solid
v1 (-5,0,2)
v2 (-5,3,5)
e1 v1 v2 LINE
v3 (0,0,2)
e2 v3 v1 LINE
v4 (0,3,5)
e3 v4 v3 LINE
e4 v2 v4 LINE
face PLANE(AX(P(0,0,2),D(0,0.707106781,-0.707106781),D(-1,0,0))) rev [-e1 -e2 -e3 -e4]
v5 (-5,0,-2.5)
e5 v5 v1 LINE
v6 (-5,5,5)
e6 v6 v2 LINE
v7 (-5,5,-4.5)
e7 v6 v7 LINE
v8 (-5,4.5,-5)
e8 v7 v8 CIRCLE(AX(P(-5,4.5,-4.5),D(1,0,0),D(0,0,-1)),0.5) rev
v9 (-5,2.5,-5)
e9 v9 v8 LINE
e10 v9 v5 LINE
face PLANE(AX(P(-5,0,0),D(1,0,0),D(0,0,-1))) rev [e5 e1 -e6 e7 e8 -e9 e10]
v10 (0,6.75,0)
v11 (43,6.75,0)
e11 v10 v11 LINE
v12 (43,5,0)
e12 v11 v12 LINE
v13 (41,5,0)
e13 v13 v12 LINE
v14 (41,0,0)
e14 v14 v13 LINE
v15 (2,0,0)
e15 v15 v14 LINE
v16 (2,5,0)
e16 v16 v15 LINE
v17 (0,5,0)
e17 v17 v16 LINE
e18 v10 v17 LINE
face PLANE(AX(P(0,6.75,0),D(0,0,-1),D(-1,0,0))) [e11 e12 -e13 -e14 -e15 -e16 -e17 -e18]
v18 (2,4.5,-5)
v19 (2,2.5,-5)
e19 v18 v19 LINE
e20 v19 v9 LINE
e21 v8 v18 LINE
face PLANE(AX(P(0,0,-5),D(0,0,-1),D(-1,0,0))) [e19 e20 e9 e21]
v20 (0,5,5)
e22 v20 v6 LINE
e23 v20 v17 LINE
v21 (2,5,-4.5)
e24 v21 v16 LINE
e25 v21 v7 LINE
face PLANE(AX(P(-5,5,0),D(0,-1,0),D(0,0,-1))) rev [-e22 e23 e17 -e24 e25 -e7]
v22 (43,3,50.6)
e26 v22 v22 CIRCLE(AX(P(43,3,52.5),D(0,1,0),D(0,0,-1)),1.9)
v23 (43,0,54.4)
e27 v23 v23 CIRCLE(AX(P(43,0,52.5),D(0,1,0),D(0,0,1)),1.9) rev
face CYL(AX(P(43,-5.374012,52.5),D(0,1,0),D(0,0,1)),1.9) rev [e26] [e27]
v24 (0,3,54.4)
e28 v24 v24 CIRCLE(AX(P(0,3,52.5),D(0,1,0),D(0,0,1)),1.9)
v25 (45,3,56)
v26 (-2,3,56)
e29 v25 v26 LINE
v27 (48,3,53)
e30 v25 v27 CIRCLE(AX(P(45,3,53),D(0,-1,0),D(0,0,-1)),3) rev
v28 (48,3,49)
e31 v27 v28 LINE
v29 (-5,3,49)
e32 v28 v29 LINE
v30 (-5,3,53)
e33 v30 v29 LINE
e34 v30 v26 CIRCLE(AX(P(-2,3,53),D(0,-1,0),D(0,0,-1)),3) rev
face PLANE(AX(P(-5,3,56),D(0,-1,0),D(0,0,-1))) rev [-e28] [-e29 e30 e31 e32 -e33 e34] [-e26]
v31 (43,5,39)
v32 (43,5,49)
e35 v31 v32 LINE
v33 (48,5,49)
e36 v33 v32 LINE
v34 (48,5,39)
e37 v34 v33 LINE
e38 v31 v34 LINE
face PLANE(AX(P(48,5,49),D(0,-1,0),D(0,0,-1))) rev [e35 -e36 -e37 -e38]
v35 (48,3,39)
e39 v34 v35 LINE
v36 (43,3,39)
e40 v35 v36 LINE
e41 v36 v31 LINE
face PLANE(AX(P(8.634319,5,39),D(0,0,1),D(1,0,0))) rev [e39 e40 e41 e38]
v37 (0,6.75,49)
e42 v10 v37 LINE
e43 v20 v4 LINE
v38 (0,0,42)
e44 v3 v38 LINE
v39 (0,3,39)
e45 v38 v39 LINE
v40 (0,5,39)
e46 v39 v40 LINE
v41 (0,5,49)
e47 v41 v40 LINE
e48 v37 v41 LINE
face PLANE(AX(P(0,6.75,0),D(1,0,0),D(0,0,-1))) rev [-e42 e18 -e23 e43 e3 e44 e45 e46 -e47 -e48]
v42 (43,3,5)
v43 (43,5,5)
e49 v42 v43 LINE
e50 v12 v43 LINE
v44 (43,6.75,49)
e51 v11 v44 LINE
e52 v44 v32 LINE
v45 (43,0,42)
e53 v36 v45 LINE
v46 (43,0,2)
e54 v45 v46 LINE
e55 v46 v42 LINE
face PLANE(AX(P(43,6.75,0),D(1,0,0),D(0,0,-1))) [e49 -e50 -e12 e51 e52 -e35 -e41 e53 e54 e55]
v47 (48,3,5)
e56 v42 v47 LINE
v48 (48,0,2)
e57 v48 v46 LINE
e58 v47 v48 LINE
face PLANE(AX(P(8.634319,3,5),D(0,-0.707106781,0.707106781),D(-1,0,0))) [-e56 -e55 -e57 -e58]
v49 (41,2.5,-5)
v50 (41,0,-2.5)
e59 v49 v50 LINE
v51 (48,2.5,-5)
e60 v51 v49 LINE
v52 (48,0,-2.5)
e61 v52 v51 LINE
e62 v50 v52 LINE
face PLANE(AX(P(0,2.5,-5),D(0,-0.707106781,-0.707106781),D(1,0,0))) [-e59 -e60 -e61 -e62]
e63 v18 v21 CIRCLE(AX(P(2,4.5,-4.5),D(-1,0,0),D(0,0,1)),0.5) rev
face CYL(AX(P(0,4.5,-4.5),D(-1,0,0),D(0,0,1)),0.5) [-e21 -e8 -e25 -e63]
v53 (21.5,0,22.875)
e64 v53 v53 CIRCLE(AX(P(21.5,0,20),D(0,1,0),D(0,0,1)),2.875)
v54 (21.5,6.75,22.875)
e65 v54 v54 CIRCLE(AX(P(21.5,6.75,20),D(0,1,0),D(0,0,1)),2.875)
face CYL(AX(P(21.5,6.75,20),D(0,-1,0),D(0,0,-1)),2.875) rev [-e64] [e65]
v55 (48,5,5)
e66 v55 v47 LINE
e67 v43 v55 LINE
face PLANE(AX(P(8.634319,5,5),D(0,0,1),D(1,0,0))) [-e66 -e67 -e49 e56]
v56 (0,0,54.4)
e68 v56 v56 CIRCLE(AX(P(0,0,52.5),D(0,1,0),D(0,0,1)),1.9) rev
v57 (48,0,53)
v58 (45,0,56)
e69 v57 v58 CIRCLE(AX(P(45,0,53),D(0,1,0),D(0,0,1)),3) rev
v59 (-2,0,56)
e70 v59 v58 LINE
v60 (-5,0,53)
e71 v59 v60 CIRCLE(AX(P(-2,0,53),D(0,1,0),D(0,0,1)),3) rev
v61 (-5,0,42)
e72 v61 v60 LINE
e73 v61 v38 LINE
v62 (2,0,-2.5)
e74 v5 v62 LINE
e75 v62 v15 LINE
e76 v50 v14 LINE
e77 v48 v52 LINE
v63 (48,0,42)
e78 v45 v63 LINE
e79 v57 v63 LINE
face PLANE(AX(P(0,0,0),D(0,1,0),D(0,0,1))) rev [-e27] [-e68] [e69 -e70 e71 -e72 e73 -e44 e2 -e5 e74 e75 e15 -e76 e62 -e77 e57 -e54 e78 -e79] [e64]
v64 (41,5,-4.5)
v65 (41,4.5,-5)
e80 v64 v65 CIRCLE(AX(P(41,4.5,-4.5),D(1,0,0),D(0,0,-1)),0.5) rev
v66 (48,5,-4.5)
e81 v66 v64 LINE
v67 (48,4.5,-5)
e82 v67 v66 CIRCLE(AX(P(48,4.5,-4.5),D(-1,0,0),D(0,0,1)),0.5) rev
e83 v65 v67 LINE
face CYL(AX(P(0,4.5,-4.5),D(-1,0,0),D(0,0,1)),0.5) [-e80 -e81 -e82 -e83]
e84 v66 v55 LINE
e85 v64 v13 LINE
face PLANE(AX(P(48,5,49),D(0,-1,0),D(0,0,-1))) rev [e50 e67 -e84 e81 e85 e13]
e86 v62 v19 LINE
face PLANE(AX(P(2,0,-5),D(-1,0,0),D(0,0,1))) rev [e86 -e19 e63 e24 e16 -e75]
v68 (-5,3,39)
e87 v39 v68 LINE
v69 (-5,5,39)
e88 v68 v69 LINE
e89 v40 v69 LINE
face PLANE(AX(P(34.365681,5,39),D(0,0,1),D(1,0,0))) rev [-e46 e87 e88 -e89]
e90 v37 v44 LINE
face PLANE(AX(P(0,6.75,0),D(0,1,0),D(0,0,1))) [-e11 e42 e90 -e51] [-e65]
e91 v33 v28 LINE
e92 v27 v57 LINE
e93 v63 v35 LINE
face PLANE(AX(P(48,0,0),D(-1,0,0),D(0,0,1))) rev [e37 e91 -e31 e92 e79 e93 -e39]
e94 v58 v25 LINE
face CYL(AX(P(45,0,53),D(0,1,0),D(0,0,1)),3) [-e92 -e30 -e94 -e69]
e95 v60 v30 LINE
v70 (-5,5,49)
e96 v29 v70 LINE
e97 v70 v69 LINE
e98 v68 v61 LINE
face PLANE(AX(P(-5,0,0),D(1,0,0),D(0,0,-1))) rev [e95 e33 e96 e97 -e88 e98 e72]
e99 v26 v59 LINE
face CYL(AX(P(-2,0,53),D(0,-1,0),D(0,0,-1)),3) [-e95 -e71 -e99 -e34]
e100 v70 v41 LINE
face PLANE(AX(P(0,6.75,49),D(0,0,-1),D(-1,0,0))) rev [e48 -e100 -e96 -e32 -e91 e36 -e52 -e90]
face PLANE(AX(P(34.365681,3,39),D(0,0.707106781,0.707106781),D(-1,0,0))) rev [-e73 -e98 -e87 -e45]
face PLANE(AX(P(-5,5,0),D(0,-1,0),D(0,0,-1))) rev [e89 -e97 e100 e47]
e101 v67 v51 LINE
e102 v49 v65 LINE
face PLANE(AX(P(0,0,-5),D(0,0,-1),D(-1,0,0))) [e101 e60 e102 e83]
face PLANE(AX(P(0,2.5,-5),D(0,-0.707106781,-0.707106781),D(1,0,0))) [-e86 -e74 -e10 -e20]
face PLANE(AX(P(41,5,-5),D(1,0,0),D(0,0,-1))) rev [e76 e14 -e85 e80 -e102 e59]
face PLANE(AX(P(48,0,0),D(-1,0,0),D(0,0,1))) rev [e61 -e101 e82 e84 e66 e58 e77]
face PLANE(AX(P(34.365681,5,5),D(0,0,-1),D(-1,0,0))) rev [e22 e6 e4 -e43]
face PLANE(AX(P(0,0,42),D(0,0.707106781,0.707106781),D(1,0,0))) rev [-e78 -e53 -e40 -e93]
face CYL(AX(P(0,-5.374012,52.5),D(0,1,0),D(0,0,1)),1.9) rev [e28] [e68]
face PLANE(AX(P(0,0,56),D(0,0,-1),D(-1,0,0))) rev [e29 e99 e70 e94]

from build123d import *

# Parameters (mm, degrees)
SKETCH1_W           = 43
SKETCH1_H           = 49
SKETCH1_R           = 2.875
BOSS_EXTRUDE1_DEPTH = 6.75
SKETCH2_W           = 49
SKETCH2_H           = 5
BOSS_EXTRUDE2_DEPTH = 5
SKETCH3_W           = 49
SKETCH3_H           = 5
BOSS_EXTRUDE3_DEPTH = 5
SKETCH4_W           = 7
SKETCH4_H           = 5
BOSS_EXTRUDE4_DEPTH = 5
CHAMFER1_SIZE       = 2.5
FILLET1_R           = 0.5
SKETCH6_W           = 53
SKETCH6_H           = 3
BOSS_EXTRUDE6_DEPTH = 7
SKETCH7_R           = 1.9
CUT_EXTRUDE1_DEPTH  = 3
SKETCH9_W           = 34
SKETCH9_H           = 5
CUT_EXTRUDE2_DEPTH  = 5
SKETCH10_W          = 34
SKETCH10_H          = 5
CUT_EXTRUDE3_DEPTH  = 5
CHAMFER2_SIZE       = 3
FILLET2_R           = 3


with BuildPart() as part:
    # Sketch1 → Boss-Extrude1 (new body)
    with BuildSketch(Plane(origin=(0, 0, 0), x_dir=(1, 0, 0), z_dir=(0, 1, 0))):
        with Locations((21.5, -24.5)):
            Rectangle(SKETCH1_W, SKETCH1_H)
        with Locations((21.5, -20)):
            Circle(SKETCH1_R, mode=Mode.SUBTRACT)
    extrude(amount=BOSS_EXTRUDE1_DEPTH)

    # Sketch2 → Boss-Extrude2 (add)
    with BuildSketch(Plane.ZY):
        with Locations((24.5, 2.5)):
            Rectangle(SKETCH2_W, SKETCH2_H)
    extrude(amount=BOSS_EXTRUDE2_DEPTH)

    # Sketch3 → Boss-Extrude3 (add)
    with BuildSketch(Plane(origin=(43, 0, 0), x_dir=(0, 0, -1), z_dir=(1, 0, 0))):
        with Locations((-24.5, 2.5)):
            Rectangle(SKETCH3_W, SKETCH3_H)
    extrude(amount=BOSS_EXTRUDE3_DEPTH)

    # Sketch4 → Boss-Extrude4 (add)
    with BuildSketch(Plane(origin=(0, 0, 0), x_dir=(-1, 0, 0), z_dir=(0, 0, -1))):
        with Locations((-44.5, 2.5)):
            Rectangle(SKETCH4_W, SKETCH4_H)
        with Locations((1.5, 2.5)):
            Rectangle(SKETCH4_W, SKETCH4_H)
    extrude(amount=BOSS_EXTRUDE4_DEPTH)

    # Chamfer1
    chamfer1_edges = [part.edges().sort_by_distance(p)[0] for p in [
        (44.5, 0, -5),
        (-1.5, 0, -5),
    ]]
    chamfer(chamfer1_edges, length=CHAMFER1_SIZE)

    # Fillet1
    fillet1_edges = [part.edges().sort_by_distance(p)[0] for p in [
        (44.5, 5, -5),
        (-1.5, 5, -5),
    ]]
    fillet(fillet1_edges, radius=FILLET1_R)

    # Sketch6 → Boss-Extrude6 (add)
    with BuildSketch(Plane.XY.offset(49)):
        with Locations((21.5, 1.5)):
            Rectangle(SKETCH6_W, SKETCH6_H)
    extrude(amount=BOSS_EXTRUDE6_DEPTH)

    # Sketch7 → Cut-Extrude1 (cut)
    with BuildSketch(Plane(origin=(0, 3, 0), x_dir=(1, 0, 0), z_dir=(0, 1, 0))):
        with Locations((0, -52.5)):
            Circle(SKETCH7_R)
        with Locations((43, -52.5)):
            Circle(SKETCH7_R)
    extrude(amount=-CUT_EXTRUDE1_DEPTH, mode=Mode.SUBTRACT)

    # Sketch9 → Cut-Extrude2 (cut)
    with BuildSketch(Plane.ZY.offset(5)):
        with Locations((22, 2.5)):
            Rectangle(SKETCH9_W, SKETCH9_H)
    extrude(amount=-CUT_EXTRUDE2_DEPTH, mode=Mode.SUBTRACT)

    # Sketch10 → Cut-Extrude3 (cut)
    with BuildSketch(Plane(origin=(48, 0, 0), x_dir=(0, 0, -1), z_dir=(1, 0, 0))):
        with Locations((-22, 2.5)):
            Rectangle(SKETCH10_W, SKETCH10_H)
    extrude(amount=-CUT_EXTRUDE3_DEPTH, mode=Mode.SUBTRACT)

    # Chamfer2
    chamfer2_edges = [part.edges().sort_by_distance(p)[0] for p in [
        (-2.5, 0, 5),
        (-2.5, 0, 39),
        (45.5, 0, 39),
        (45.5, 0, 5),
    ]]
    chamfer(chamfer2_edges, length=CHAMFER2_SIZE)

    # Fillet2
    fillet2_edges = [part.edges().sort_by_distance(p)[0] for p in [
        (-5, 1.5, 56),
        (48, 1.5, 56),
    ]]
    fillet(fillet2_edges, radius=FILLET2_R)


solid = part.part
